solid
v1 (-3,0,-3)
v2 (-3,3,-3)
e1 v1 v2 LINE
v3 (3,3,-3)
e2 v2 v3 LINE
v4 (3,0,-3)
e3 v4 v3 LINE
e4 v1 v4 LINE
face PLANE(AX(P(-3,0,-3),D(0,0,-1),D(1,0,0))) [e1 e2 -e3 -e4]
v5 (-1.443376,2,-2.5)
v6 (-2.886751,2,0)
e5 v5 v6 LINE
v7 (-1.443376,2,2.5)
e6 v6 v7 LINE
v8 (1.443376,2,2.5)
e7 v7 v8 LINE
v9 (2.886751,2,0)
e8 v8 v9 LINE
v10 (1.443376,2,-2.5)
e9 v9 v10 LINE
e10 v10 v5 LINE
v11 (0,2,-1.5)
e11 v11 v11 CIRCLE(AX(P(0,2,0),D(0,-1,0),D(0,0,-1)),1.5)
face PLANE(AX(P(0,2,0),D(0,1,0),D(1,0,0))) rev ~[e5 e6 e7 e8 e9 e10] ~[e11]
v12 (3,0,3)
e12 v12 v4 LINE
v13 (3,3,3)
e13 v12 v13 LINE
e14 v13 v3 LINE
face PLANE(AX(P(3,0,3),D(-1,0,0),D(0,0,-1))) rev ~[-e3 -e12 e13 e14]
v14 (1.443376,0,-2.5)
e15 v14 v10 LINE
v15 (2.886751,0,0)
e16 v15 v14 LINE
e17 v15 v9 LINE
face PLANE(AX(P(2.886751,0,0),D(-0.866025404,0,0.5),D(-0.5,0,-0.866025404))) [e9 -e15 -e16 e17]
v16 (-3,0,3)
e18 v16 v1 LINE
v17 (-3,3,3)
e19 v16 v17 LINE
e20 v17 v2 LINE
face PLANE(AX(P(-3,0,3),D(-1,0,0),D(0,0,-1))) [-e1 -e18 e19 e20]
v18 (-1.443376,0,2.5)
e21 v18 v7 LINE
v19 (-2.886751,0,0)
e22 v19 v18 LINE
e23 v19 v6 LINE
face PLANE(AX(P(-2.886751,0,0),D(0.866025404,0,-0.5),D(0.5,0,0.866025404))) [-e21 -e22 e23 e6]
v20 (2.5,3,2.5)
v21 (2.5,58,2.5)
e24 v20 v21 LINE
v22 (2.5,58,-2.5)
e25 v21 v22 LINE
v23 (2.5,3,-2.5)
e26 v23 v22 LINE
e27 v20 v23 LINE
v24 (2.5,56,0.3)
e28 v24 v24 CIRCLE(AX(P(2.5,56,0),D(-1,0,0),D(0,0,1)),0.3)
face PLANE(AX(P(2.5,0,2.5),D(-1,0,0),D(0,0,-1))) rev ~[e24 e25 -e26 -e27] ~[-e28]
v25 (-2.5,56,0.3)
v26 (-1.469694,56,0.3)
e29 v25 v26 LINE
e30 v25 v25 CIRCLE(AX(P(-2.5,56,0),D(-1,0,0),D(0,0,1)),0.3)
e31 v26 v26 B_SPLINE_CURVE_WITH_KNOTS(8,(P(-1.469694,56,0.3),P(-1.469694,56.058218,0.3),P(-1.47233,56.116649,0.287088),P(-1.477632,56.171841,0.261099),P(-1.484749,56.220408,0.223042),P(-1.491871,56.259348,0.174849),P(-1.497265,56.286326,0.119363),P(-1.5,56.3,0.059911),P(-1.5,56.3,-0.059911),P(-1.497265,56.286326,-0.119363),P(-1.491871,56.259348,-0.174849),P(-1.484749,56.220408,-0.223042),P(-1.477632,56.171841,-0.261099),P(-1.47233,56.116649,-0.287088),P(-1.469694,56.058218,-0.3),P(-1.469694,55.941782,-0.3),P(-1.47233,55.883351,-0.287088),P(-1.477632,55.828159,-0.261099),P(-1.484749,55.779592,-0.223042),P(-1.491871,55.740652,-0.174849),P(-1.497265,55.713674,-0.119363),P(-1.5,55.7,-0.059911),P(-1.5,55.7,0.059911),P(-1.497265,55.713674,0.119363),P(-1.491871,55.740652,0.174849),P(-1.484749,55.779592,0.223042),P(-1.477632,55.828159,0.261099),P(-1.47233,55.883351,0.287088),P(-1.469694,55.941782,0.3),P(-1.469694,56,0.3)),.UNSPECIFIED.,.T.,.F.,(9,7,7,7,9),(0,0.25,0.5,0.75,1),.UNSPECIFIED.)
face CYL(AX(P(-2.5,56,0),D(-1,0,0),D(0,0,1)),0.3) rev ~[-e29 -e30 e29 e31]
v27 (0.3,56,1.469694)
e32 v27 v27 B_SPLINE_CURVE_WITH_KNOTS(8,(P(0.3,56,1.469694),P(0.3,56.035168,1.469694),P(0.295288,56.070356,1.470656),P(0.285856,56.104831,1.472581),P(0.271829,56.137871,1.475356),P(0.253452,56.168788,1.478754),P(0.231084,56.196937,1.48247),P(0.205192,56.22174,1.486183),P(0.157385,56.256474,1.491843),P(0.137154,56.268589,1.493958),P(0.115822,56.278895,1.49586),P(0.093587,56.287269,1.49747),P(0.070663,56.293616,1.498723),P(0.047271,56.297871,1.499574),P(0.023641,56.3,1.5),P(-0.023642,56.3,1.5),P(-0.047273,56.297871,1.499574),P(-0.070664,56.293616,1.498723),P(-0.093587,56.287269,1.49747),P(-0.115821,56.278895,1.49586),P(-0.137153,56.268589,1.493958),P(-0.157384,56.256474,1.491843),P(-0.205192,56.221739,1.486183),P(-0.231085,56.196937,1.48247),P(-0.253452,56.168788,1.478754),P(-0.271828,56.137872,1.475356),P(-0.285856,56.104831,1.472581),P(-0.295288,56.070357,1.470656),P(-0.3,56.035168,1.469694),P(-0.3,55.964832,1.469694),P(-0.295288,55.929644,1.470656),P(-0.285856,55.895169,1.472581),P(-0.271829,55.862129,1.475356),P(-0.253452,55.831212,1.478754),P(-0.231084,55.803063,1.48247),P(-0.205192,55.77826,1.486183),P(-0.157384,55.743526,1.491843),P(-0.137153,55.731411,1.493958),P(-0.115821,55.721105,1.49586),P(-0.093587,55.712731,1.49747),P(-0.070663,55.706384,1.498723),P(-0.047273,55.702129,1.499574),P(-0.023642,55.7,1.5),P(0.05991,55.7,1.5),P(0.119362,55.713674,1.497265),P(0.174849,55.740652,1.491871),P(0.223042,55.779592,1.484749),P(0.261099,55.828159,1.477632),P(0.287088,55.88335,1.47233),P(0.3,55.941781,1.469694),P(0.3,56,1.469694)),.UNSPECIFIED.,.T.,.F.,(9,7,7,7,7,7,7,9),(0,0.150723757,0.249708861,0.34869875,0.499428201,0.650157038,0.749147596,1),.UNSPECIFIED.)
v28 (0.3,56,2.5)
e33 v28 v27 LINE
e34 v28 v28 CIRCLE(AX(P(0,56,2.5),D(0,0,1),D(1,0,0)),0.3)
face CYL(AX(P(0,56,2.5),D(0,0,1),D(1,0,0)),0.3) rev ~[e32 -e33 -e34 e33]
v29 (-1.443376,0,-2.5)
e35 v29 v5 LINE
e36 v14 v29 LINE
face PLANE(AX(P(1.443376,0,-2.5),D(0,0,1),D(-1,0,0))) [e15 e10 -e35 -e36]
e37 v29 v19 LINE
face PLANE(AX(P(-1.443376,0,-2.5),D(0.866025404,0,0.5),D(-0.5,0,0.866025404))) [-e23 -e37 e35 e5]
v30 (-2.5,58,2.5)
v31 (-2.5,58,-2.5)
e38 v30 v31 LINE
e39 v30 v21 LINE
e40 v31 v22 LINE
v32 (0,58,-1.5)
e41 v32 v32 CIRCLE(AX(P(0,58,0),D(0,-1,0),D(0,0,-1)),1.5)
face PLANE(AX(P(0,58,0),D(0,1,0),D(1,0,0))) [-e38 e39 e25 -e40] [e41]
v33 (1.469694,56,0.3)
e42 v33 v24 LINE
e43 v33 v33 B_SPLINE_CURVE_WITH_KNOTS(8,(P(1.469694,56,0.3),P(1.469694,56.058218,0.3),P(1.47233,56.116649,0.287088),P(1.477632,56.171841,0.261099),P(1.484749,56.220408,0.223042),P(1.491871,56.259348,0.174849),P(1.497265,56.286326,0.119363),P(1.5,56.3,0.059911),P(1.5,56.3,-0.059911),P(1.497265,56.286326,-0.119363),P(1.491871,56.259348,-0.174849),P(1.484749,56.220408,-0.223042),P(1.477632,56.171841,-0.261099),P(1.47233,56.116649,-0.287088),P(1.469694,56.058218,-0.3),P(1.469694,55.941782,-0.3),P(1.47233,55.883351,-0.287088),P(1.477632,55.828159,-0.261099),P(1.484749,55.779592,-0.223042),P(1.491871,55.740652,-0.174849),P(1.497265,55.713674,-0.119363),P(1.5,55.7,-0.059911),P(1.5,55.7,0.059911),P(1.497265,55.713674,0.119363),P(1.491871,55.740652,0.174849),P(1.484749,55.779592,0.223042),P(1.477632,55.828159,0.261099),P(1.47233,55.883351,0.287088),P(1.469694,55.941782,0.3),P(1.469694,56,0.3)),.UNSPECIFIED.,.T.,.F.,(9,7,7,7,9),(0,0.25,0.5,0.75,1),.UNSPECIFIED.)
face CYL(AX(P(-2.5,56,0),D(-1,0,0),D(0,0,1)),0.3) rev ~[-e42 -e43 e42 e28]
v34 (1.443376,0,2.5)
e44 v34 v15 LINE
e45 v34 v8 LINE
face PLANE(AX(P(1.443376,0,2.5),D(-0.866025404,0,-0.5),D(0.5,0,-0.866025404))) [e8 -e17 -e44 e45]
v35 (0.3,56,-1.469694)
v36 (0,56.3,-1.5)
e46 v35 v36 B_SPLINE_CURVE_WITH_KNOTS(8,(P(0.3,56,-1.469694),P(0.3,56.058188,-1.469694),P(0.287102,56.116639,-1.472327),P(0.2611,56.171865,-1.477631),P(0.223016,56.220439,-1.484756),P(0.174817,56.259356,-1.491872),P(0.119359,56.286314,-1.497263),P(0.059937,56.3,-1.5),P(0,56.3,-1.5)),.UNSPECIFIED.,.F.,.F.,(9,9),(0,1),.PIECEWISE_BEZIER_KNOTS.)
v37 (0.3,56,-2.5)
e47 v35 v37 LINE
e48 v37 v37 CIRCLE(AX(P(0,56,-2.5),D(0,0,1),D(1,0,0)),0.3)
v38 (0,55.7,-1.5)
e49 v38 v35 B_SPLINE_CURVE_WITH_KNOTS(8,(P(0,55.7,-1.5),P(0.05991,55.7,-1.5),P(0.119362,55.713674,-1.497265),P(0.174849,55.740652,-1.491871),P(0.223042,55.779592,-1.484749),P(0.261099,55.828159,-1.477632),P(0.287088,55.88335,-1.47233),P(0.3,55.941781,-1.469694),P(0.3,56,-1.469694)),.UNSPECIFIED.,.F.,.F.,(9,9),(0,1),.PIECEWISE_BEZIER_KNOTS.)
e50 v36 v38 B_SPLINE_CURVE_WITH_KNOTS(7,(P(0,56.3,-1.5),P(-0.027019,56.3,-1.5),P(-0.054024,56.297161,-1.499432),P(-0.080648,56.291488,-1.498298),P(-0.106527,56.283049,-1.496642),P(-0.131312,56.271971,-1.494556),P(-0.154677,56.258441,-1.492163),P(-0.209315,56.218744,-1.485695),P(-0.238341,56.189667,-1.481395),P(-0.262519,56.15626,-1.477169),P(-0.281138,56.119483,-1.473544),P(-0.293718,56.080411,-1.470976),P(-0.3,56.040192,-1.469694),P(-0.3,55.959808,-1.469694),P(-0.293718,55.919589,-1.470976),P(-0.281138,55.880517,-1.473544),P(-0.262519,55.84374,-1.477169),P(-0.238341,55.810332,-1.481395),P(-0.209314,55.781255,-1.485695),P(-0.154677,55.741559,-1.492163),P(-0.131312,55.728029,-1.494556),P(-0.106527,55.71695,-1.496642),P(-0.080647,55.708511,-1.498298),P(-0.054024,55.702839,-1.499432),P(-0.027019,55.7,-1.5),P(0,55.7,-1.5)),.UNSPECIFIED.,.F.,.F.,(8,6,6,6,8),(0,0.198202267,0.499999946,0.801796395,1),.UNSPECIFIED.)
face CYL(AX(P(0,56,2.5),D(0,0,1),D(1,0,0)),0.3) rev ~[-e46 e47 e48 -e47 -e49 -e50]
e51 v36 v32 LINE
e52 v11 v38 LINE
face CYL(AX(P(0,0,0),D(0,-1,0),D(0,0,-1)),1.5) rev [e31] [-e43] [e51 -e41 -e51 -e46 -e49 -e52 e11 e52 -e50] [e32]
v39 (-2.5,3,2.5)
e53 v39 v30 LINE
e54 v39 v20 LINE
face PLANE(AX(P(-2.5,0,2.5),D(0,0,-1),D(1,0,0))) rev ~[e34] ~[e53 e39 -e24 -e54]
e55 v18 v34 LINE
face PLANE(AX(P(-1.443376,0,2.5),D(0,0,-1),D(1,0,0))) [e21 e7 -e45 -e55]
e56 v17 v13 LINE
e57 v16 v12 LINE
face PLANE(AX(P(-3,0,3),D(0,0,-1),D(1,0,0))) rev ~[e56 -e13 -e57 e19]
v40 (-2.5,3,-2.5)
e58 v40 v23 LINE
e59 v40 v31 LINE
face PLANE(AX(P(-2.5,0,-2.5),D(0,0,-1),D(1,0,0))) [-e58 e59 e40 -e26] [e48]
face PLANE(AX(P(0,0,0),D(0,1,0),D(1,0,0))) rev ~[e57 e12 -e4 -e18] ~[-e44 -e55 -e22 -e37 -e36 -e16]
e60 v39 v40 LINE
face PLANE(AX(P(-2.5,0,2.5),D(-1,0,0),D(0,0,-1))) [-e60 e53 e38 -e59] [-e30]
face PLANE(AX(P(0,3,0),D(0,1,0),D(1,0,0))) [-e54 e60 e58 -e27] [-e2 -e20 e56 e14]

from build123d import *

# Parameters (mm, degrees)
SKETCH_1_W          = 5
SKETCH_1_H          = 5
EXTRUDE_1_DEPTH     = 58
SKETCH_1_5_W        = 6
SKETCH_1_5_H        = 6
EXTRUDE_2_DEPTH     = 3
SKETCH_1_3_R        = 1.5
CUT_EXTRUDE_1_DEPTH = 59.154965394
CUT_EXTRUDE_2_DEPTH = 2
SKETCH_3_R          = 0.3
CUT_EXTRUDE_3_DEPTH = 59.337380812
SKETCH_4_R          = 0.3
CUT_EXTRUDE_4_DEPTH = 59.337380911


with BuildPart() as part:
    # 草图1 → 凸台-拉伸1 (new body)
    with BuildSketch(Plane(origin=(0, 0, 0), x_dir=(1, 0, 0), z_dir=(0, 1, 0))):
        Rectangle(SKETCH_1_W, SKETCH_1_H)
    extrude(amount=EXTRUDE_1_DEPTH)

    # 草图1<5> → 凸台-拉伸2 (add)
    with BuildSketch(Plane(origin=(0, 0, 0), x_dir=(1, 0, 0), z_dir=(0, 1, 0))):
        Rectangle(SKETCH_1_5_W, SKETCH_1_5_H)
    extrude(amount=EXTRUDE_2_DEPTH)

    # 草图1<3> → 切除-拉伸1 (cut, through all)
    with BuildSketch(Plane(origin=(0, 0, 0), x_dir=(1, 0, 0), z_dir=(0, 1, 0))):
        Circle(SKETCH_1_3_R)
    extrude(amount=CUT_EXTRUDE_1_DEPTH, mode=Mode.SUBTRACT)

    # 草图1<4> → 切除-拉伸2 (cut)
    with BuildSketch(Plane(origin=(0, 0, 0), x_dir=(1, 0, 0), z_dir=(0, 1, 0))):
        Polygon((2.886751346, 0), (1.443375673, 2.5), (-1.443375673, 2.5), (-2.886751346, 0), (-1.443375673, -2.5), (1.443375673, -2.5), align=None)
    extrude(amount=CUT_EXTRUDE_2_DEPTH, mode=Mode.SUBTRACT)

    # 草图3 → 切除-拉伸3 (cut, through all)
    with BuildSketch(Plane.XY.offset(2.5)):
        with Locations((0, 56)):
            Circle(SKETCH_3_R)
    extrude(amount=-CUT_EXTRUDE_3_DEPTH, mode=Mode.SUBTRACT)

    # 草图4 → 切除-拉伸4 (cut, through all)
    with BuildSketch(Plane.ZY.offset(2.5)):
        with Locations((0, 56)):
            Circle(SKETCH_4_R)
    extrude(amount=-CUT_EXTRUDE_4_DEPTH, mode=Mode.SUBTRACT)


solid = part.part
